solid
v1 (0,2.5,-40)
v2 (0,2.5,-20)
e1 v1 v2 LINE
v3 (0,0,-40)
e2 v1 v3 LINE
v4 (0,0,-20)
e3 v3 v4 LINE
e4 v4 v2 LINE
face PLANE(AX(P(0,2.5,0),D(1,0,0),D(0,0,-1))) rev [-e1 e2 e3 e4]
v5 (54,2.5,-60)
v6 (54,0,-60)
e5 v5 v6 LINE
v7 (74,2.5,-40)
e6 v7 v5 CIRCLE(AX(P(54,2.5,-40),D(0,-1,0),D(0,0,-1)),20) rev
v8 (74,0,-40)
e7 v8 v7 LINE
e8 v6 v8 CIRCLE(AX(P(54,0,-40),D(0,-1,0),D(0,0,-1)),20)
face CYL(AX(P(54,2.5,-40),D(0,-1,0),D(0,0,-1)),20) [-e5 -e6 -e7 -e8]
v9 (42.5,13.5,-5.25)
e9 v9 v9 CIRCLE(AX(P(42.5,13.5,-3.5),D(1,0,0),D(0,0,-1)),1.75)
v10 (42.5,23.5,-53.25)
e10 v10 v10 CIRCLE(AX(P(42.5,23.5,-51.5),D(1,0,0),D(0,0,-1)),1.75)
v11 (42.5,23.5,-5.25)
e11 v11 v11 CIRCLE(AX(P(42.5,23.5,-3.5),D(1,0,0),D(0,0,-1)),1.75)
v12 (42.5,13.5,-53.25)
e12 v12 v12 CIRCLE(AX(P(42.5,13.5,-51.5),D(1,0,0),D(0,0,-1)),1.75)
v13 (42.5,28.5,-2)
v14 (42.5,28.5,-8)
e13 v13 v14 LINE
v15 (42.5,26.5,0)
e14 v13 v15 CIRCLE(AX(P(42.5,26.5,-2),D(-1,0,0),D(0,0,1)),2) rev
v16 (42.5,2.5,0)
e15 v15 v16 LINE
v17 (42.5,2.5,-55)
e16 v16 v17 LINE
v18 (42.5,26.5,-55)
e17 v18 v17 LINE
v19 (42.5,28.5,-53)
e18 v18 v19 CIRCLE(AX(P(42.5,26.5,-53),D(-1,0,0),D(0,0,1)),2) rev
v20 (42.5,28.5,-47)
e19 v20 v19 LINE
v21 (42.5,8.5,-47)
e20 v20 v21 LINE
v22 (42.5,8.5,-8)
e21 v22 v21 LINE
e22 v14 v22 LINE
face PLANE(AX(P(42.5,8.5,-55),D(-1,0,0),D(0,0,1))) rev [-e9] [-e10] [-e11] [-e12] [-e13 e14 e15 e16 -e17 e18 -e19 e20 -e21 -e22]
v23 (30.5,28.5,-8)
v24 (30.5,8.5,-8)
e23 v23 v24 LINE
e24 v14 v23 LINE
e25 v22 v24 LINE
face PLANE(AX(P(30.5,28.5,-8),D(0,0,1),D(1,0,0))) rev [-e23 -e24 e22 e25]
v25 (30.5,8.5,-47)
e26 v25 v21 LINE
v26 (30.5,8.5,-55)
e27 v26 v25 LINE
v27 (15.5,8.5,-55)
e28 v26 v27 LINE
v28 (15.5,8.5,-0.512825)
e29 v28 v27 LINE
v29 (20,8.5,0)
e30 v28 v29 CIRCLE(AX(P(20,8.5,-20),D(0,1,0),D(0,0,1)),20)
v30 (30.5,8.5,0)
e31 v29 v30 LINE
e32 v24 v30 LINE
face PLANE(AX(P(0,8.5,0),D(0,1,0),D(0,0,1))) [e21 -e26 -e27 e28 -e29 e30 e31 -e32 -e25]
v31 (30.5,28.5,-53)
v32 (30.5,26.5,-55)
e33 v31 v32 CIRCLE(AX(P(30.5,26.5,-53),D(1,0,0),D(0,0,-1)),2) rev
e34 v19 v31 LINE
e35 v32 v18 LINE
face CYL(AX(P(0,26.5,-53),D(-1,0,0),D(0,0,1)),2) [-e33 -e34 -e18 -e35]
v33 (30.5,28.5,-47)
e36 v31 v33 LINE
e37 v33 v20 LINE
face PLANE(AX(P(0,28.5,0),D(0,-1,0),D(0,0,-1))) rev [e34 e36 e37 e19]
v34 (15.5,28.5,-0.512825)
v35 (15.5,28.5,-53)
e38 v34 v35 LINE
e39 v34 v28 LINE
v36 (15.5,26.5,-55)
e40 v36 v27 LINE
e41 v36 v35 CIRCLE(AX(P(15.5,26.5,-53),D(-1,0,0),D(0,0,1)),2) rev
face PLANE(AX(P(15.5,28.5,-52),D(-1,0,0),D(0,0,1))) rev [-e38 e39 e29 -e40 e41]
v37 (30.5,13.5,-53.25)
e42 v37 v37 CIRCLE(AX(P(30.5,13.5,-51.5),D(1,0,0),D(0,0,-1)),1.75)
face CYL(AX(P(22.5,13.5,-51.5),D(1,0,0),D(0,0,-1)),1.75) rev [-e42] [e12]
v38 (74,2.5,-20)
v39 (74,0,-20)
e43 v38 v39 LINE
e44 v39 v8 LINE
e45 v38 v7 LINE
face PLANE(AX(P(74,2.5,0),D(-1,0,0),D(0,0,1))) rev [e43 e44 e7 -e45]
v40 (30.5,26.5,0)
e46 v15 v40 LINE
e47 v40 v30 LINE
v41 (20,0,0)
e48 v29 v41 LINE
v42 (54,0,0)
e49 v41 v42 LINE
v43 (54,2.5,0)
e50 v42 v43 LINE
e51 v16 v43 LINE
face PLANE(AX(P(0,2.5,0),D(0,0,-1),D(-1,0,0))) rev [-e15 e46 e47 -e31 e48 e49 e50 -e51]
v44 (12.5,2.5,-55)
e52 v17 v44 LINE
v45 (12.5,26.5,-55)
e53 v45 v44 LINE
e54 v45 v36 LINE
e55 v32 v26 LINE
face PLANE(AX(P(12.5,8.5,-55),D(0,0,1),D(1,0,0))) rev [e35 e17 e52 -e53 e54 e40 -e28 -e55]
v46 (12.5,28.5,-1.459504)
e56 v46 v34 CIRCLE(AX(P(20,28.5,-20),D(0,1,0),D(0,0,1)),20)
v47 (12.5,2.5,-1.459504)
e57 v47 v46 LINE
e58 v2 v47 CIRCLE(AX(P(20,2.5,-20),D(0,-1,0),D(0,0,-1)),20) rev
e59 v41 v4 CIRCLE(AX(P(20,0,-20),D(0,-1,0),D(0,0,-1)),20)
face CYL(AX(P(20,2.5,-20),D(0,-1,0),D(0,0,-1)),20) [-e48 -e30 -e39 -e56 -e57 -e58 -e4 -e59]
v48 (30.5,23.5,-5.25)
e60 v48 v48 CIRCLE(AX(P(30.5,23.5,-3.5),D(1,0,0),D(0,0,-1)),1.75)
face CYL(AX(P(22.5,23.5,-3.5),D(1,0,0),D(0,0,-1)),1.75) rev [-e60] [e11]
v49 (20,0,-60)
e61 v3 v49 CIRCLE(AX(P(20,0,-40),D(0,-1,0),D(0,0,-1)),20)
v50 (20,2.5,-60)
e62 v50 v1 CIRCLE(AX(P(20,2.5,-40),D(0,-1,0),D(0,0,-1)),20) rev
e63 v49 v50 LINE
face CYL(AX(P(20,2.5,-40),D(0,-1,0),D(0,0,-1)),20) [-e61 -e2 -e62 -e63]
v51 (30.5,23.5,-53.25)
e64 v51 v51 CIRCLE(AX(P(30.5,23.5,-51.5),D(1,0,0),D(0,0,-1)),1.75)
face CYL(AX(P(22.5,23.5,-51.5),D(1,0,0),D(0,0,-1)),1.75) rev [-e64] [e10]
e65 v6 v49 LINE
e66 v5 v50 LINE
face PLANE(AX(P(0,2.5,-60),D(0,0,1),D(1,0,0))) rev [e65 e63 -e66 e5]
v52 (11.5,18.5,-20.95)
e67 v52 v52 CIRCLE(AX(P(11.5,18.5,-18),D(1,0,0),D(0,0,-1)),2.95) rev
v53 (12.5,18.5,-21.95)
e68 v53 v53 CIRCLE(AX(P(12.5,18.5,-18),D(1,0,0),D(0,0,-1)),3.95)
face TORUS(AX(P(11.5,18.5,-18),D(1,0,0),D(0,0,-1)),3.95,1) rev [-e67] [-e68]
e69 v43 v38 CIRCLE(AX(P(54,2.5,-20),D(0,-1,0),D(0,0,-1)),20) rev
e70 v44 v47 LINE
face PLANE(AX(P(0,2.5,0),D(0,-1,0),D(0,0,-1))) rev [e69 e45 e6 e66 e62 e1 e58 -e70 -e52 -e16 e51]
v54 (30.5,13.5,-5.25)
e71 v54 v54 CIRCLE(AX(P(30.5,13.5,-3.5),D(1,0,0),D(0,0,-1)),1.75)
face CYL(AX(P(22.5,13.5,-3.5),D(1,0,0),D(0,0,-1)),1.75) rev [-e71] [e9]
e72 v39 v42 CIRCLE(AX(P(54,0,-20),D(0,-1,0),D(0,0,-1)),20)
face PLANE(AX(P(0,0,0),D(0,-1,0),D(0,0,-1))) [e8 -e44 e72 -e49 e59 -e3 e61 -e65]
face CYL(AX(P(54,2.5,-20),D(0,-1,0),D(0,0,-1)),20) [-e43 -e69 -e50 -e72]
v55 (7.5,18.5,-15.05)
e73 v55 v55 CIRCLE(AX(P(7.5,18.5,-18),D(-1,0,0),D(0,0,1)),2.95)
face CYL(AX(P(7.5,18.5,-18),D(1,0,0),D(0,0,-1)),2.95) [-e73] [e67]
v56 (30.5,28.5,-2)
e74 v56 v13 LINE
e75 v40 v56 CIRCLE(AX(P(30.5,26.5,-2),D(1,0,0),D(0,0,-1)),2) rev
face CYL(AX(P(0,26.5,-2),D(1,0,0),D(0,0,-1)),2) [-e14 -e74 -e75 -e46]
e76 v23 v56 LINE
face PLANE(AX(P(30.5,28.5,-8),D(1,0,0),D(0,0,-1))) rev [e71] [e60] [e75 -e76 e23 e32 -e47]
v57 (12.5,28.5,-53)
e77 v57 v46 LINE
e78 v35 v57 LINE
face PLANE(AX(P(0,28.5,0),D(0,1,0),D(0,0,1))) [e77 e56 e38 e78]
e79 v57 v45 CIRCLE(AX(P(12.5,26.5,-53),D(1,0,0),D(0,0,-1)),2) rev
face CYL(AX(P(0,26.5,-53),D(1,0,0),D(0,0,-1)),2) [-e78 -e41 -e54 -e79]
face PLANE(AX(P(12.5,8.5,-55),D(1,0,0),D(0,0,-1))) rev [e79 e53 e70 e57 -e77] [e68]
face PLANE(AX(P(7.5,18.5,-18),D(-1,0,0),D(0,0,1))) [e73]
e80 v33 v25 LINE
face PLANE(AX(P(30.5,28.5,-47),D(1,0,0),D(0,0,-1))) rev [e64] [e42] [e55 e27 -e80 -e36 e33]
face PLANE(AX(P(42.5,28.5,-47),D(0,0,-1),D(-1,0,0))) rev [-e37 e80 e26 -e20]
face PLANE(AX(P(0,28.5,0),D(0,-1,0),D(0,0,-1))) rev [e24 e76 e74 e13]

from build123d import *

# Parameters (mm, degrees)
ESQUISSE1_W             = 74
ESQUISSE1_H             = 60
BOSS_EXTRU_1_DEPTH      = 2.5
ESQUISSE2_W             = 30
ESQUISSE2_H             = 55
BOSS_EXTRU_2_DEPTH      = 6
ESQUISSE4_W             = 12
ESQUISSE4_H             = 8
BOSS_EXTRU_3_DEPTH      = 20
ESQUISSE5_R             = 1.75
ENL_V_MAT_EXTRU_1_DEPTH = 20
ESQUISSE6_R             = 2.95
BOSS_EXTRU_4_DEPTH      = 5
CONG_1_R                = 1
CONG_2_R                = 20
CONG_3_R                = 2


with BuildPart() as part:
    # Esquisse1 → Boss.-Extru.1 (new body)
    with BuildSketch(Plane(origin=(0, 0, 0), x_dir=(1, 0, 0), z_dir=(0, 1, 0))):
        with Locations((37, 30)):
            Rectangle(ESQUISSE1_W, ESQUISSE1_H)
    extrude(amount=BOSS_EXTRU_1_DEPTH)

    # Esquisse2 → Boss.-Extru.2 (add)
    with BuildSketch(Plane(origin=(0, 2.5, 0), x_dir=(1, 0, 0), z_dir=(0, 1, 0))):
        with Locations((27.5, 27.5)):
            Rectangle(ESQUISSE2_W, ESQUISSE2_H)
    extrude(amount=BOSS_EXTRU_2_DEPTH)

    # Esquisse4 → Boss.-Extru.3 (add)
    with BuildSketch(Plane(origin=(0, 8.5, 0), x_dir=(1, 0, 0), z_dir=(0, 1, 0))):
        with Locations((36.5, 51)):
            Rectangle(ESQUISSE4_W, ESQUISSE4_H)
        Polygon((12.5, 55), (12.5, 52), (12.5, 13), (12.5, 0), (15.5, 0), (15.5, 13), (15.5, 52), (15.5, 55), align=None)
        with Locations((36.5, 4)):
            Rectangle(ESQUISSE4_W, ESQUISSE4_H)
    extrude(amount=BOSS_EXTRU_3_DEPTH)

    # Esquisse5 → Enlèv. mat.-Extru.1 (cut)
    with BuildSketch(Plane(origin=(42.5, 0, 0), x_dir=(0, 0, -1), z_dir=(1, 0, 0))):
        with Locations((3.5, 23.5)):
            Circle(ESQUISSE5_R)
        with Locations((3.5, 13.5)):
            Circle(ESQUISSE5_R)
        with Locations((51.5, 23.5)):
            Circle(ESQUISSE5_R)
        with Locations((51.5, 13.5)):
            Circle(ESQUISSE5_R)
    extrude(amount=-ENL_V_MAT_EXTRU_1_DEPTH, mode=Mode.SUBTRACT)

    # Esquisse6 → Boss.-Extru.4 (add)
    with BuildSketch(Plane.ZY.offset(-12.5)):
        with Locations((-18, 18.5)):
            Circle(ESQUISSE6_R)
    extrude(amount=BOSS_EXTRU_4_DEPTH)

    # Congé1
    cong_1_edges = [part.edges().sort_by_distance(p)[0] for p in [
        (12.5, 18.5, -20.95),
    ]]
    fillet(cong_1_edges, radius=CONG_1_R)

    # Congé2
    cong_2_edges = [part.edges().sort_by_distance(p)[0] for p in [
        (74, 1.25, -60),
        (74, 1.25, 0),
        (0, 1.25, 0),
        (0, 1.25, -60),
    ]]
    fillet(cong_2_edges, radius=CONG_2_R)

    # Congé3
    cong_3_edges = [part.edges().sort_by_distance(p)[0] for p in [
        (36.5, 28.5, 0),
        (14, 28.5, -55),
        (36.5, 28.5, -55),
    ]]
    fillet(cong_3_edges, radius=CONG_3_R)


solid = part.part
